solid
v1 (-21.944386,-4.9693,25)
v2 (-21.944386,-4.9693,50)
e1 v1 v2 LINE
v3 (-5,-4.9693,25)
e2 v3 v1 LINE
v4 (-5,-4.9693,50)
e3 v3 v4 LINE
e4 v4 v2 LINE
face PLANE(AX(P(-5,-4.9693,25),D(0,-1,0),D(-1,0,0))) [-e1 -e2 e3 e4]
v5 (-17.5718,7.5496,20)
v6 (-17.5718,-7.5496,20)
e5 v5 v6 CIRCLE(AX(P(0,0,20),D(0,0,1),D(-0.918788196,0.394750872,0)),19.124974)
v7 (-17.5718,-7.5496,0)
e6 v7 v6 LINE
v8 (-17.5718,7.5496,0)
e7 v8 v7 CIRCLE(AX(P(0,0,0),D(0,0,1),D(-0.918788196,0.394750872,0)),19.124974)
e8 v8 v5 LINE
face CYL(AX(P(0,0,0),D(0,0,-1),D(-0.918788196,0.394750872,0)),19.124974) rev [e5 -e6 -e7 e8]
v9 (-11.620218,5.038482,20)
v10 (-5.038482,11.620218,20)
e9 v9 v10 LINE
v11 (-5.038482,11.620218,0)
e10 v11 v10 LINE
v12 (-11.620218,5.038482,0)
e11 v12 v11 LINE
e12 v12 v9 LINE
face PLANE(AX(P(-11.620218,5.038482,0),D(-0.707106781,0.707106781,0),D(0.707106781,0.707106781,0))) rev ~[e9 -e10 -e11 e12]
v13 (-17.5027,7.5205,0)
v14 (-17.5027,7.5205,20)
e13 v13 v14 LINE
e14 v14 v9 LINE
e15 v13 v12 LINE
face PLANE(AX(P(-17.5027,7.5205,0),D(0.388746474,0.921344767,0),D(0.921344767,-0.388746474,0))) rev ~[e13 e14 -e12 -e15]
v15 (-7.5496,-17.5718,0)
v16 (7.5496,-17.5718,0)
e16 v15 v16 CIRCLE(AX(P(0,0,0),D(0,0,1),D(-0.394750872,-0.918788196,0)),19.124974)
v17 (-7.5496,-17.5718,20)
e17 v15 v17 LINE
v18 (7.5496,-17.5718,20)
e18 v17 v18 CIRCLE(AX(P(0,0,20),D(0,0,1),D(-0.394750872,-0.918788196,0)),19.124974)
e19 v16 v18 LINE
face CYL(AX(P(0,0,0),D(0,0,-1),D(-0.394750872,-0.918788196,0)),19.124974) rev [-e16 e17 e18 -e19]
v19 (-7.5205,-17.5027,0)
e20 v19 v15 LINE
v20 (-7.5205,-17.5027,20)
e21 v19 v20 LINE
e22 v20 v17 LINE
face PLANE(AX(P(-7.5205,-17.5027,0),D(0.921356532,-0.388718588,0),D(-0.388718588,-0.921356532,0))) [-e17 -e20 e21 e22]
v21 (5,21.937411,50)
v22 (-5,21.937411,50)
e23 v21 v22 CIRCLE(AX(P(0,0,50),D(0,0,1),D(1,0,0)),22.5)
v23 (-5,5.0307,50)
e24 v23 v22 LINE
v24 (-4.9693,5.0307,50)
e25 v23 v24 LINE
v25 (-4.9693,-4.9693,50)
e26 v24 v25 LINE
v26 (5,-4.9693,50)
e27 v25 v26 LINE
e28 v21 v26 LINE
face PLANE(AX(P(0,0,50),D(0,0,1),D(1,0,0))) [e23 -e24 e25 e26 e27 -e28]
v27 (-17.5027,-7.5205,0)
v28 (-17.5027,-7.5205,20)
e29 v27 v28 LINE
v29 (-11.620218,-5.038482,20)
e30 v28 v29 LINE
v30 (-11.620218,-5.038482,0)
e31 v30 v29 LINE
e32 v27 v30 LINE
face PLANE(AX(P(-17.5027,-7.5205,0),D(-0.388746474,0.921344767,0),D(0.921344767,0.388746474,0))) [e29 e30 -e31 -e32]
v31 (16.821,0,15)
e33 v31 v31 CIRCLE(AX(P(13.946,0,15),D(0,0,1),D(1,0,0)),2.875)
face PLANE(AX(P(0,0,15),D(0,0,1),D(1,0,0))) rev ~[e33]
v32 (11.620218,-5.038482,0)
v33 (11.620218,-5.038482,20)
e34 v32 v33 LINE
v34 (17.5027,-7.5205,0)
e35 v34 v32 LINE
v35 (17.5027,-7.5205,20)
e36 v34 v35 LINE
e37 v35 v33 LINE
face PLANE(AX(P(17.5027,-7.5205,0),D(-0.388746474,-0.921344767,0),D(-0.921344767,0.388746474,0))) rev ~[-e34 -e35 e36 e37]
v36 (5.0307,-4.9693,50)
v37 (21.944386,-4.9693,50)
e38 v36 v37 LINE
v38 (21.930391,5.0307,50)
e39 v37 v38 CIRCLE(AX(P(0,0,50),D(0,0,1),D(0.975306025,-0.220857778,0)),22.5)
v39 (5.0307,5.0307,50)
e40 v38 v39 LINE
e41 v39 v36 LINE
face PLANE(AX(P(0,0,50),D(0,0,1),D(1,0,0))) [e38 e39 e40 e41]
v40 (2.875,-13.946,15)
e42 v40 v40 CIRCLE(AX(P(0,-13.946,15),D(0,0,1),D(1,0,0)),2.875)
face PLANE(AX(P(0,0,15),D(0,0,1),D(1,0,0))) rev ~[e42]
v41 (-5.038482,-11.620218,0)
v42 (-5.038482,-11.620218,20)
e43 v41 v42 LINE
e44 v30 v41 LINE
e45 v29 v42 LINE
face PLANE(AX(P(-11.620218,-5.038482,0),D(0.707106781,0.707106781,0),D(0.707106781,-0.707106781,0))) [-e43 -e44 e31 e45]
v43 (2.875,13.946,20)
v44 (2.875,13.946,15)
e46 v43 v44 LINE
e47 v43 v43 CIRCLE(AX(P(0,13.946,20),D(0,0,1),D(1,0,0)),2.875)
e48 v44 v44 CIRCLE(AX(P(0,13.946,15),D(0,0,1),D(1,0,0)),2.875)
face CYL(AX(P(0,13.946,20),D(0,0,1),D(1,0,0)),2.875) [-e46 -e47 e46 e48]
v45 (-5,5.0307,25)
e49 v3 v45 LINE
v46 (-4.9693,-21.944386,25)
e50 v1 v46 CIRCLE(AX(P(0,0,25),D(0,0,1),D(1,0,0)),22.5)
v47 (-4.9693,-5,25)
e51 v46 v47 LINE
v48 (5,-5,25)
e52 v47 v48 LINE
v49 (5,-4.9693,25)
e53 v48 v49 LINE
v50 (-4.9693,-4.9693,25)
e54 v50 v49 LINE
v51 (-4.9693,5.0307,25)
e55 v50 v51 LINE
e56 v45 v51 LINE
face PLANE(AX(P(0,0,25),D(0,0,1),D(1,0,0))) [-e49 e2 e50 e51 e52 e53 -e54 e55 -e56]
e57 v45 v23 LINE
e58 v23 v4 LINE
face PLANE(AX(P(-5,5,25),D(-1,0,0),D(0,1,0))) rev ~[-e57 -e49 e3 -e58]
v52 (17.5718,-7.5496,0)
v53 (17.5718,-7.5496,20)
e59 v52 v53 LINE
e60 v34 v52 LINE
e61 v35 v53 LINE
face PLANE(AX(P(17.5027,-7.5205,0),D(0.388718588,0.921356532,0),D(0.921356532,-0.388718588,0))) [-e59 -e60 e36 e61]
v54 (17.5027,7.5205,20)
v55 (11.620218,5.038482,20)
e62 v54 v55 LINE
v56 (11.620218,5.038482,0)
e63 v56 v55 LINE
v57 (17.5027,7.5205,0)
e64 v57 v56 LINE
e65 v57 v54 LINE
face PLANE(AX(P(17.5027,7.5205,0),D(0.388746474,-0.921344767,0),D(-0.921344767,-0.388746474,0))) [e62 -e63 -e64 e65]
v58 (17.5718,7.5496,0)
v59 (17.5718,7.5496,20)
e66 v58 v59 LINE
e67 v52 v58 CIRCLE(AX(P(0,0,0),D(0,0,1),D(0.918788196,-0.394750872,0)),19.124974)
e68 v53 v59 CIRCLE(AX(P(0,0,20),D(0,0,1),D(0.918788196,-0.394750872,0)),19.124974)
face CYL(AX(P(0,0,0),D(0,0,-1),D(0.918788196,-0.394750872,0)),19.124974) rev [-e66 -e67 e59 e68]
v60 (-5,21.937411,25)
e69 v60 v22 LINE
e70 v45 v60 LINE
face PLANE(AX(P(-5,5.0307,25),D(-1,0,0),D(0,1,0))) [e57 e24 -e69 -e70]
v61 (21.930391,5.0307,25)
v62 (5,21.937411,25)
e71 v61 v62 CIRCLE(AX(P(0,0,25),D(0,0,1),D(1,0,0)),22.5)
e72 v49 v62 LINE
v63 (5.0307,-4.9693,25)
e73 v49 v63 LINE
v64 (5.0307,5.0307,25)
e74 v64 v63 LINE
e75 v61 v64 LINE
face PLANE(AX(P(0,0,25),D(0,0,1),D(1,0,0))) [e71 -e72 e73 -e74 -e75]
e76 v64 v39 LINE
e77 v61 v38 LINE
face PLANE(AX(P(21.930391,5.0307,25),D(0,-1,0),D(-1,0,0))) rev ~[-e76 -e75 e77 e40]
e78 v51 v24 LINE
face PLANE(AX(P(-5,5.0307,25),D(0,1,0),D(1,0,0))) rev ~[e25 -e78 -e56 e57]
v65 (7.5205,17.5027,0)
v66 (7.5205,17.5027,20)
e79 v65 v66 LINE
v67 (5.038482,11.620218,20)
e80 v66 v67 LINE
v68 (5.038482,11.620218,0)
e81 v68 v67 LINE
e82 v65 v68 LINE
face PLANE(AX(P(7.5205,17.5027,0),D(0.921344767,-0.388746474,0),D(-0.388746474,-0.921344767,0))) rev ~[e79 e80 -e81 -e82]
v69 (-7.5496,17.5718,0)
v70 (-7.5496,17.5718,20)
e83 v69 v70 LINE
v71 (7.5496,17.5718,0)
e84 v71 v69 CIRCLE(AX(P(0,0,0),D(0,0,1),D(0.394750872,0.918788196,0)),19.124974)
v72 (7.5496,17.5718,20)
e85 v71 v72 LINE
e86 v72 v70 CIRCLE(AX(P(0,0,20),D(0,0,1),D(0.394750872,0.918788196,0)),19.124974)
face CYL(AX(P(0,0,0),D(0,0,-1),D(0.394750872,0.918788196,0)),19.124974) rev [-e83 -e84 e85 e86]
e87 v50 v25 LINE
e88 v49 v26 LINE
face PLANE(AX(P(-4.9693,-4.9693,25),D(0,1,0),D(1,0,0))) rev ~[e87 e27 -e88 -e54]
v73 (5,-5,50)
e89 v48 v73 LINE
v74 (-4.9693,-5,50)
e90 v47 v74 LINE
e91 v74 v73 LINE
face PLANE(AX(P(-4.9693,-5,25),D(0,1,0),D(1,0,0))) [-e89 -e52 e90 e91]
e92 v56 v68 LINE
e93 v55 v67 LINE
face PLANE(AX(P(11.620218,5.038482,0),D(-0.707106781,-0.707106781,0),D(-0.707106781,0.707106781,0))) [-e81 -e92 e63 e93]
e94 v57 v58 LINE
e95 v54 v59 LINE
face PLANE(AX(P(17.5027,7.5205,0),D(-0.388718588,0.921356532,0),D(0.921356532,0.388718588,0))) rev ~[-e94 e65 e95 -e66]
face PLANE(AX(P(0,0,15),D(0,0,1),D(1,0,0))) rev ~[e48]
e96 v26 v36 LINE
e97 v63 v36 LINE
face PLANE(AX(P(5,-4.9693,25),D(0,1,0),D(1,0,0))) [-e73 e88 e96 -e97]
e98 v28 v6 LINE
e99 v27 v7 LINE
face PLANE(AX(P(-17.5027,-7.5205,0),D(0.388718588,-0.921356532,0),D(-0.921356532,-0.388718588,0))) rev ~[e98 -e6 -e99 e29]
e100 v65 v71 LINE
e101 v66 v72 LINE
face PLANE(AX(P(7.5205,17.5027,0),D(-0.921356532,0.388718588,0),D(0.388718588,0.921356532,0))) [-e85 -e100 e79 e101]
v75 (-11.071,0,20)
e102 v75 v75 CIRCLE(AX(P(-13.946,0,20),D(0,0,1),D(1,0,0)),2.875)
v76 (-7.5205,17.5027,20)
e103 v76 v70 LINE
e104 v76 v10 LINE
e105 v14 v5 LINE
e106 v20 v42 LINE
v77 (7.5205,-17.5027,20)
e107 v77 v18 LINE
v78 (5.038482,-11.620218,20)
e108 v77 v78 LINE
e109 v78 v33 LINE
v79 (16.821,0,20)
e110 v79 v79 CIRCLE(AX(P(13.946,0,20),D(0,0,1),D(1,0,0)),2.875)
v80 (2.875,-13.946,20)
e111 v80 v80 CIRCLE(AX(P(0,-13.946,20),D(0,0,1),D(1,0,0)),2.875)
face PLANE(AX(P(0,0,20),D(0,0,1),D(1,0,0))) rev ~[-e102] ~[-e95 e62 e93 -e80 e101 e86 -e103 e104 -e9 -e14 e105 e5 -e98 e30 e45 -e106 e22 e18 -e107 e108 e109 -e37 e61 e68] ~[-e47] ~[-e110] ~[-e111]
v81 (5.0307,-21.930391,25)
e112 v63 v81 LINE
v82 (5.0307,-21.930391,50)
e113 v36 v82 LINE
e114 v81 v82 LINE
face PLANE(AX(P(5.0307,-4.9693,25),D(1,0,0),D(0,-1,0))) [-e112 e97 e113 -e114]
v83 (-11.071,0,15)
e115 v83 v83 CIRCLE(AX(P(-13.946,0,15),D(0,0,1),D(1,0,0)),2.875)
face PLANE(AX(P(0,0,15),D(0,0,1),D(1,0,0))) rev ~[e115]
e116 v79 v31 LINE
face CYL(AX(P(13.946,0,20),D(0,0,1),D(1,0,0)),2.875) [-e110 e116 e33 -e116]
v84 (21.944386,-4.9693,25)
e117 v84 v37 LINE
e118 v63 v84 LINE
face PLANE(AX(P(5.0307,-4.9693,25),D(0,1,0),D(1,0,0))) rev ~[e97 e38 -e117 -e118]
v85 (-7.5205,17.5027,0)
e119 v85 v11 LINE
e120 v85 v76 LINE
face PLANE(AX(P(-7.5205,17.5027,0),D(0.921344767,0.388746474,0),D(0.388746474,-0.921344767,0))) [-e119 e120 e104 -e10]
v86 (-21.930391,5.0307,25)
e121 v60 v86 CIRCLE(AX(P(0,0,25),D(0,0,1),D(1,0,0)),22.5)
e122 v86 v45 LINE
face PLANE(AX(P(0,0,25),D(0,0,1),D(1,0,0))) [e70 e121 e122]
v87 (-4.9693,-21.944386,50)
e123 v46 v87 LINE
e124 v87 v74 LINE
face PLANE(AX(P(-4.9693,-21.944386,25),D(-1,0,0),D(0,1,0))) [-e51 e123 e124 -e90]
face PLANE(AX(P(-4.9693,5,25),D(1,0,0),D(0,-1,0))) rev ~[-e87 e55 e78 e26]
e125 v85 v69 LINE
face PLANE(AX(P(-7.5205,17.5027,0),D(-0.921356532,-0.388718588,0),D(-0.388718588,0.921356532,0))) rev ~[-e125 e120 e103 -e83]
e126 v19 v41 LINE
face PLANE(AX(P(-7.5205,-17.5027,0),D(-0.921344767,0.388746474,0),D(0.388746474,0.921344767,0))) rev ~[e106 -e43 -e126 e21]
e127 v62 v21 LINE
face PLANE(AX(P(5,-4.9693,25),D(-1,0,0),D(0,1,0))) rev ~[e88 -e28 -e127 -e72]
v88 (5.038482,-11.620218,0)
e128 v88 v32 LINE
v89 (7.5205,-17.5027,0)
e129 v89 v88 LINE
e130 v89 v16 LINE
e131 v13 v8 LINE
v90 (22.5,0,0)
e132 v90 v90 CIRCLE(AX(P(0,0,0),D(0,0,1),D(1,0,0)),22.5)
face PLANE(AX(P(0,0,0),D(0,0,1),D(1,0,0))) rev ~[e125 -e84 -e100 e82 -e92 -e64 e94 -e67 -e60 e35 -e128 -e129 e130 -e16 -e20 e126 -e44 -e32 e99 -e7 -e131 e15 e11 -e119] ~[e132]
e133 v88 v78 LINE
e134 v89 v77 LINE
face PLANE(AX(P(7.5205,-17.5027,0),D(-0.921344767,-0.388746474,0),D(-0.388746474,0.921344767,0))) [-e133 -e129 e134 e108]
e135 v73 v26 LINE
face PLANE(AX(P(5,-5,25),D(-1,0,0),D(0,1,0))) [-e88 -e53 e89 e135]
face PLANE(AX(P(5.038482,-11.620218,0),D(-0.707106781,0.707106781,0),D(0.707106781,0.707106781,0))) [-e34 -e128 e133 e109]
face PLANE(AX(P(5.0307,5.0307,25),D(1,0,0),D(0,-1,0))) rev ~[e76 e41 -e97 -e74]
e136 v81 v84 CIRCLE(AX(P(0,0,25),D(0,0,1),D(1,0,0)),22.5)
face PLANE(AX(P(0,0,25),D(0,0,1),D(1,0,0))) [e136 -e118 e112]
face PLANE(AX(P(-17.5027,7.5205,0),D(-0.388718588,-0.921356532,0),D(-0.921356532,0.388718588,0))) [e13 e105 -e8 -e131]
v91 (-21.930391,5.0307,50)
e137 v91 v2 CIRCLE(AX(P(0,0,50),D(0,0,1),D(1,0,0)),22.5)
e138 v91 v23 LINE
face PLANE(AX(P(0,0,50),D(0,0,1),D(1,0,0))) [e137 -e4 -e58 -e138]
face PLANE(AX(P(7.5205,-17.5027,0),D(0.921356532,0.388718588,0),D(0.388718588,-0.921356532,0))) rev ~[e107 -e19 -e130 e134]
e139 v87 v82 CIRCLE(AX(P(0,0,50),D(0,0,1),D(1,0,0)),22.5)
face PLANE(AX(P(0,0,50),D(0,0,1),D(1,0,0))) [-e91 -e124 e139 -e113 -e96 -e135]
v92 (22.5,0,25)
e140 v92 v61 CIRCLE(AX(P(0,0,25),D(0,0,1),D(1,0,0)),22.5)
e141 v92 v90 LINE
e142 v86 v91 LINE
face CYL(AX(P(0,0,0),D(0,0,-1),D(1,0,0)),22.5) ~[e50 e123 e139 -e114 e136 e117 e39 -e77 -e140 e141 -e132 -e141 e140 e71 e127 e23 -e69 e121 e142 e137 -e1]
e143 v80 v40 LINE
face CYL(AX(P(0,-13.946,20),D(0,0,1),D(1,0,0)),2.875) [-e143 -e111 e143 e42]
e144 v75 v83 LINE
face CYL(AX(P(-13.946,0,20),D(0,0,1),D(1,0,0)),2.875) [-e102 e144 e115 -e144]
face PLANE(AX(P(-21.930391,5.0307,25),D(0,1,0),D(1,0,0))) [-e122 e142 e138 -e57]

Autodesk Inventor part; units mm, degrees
ref_plane "YZ Plane" through (0, 0, 0) normal (1, 0, 0) x (0, 1, 0)
ref_plane "XZ Plane" through (0, 0, 0) normal (0, 1, 0) x (-1, 0, 0)
ref_plane "XY Plane" through (0, 0, 0) normal (0, 0, 1) x (1, 0, 0)
sketch "Sketch1" plane through (0, 0, 0) normal (0, 0, 1) x (1, 0, 0)
  circle A0 centre (0, 0) radius 22.5
  arc A1 (7.2901, 17.5999) -> (-7.2901, 17.5999) centre (0, 0) ccw
  line L0 (-7.2901, 17.5999) -> (-7.5205, 17.5027)
  line L1 (-4.7835, 11.5485) -> (-4.8792, 11.7795)
  line L2 (-7.5205, 17.5027) -> (-4.7835, 11.0159)
  line L3 (-11.5485, 4.7835) -> (-11.7795, 4.8792)
  line L4 (-11.7795, 4.8792) -> (-4.8792, 11.7795)
  line L5 (0, 0) -> (-3.3576, 3.3576)
  line L6 (0, 0) -> (0, 3.3576)
  line L7 (0, 0) -> (-2.7445, 0)
  line L8 (-17.5027, 7.5205) -> (-11.0159, 4.7835)
  line L9 (0, 0) -> (2.6435, 2.6435)
  line L10 (7.5205, -17.5027) -> (4.7835, -11.0159)
  line L11 (4.8792, -11.7795) -> (11.7795, -4.8792)
  line L12 (17.5027, -7.5205) -> (11.0159, -4.7835)
  line L13 (17.5027, 7.5205) -> (11.0159, 4.7835)
  line L14 (11.7795, 4.8792) -> (4.8792, 11.7795)
  line L15 (7.5205, 17.5027) -> (4.7835, 11.0159)
  line L16 (-17.5027, -7.5205) -> (-11.0159, -4.7835)
  line L17 (-11.7795, -4.8792) -> (-4.8792, -11.7795)
  line L18 (-7.5205, -17.5027) -> (-4.7835, -11.0159)
  arc A2 (-17.5027, 7.5205) -> (-17.5027, -7.5205) centre (0, 0) ccw
  arc A3 (-7.5205, -17.5027) -> (7.5205, -17.5027) centre (0, 0) ccw
  arc A4 (17.5027, -7.5205) -> (17.5027, 7.5205) centre (0, 0) ccw
  arc A5 (7.5205, 17.5027) -> (-7.5205, 17.5027) centre (0, 0) ccw
  line L19 (17.5027, 7.5205) -> (18.4489, 7.9197)
  line L20 (7.5205, 17.5027) -> (7.9197, 18.4489)
  line L21 (-17.5027, 7.5205) -> (-18.4489, 7.9197)
  line L22 (-7.5205, 17.5027) -> (-7.9197, 18.4489)
  line L23 (17.5027, -7.5205) -> (18.4489, -7.9197)
  line L24 (7.5205, -17.5027) -> (7.9197, -18.4489)
  line L25 (-7.5205, -17.5027) -> (-7.9197, -18.4489)
  line L26 (-17.5027, -7.5205) -> (-18.4489, -7.9197)
  arc A6 (7.5496, 17.5718) -> (-7.5496, 17.5718) centre (0, 0) ccw
  arc A7 (17.5718, -7.5496) -> (17.5718, 7.5496) centre (0, 0) ccw
  arc A8 (-17.5718, 7.5496) -> (-17.5718, -7.5496) centre (0, 0) ccw
  arc A9 (-7.5496, -17.5718) -> (7.5496, -17.5718) centre (0, 0) ccw
  point P0 (-5.0385, -11.6202)
  point P1 (-11.6202, -5.0385)
  point P2 (-11.6202, 5.0385)
  point P3 (-5.0385, 11.6202)
  point P4 (5.0385, 11.6202)
  point P5 (11.6202, 5.0385)
  point P6 (11.6202, -5.0385)
  point P7 (5.0385, -11.6202)
  dimension "d0" = 45
  dimension "d1" = 0.25
  dimension "d2" = 0.25
  dimension "d3" = 0.25
extrude "Extrusion1" add sketch "Sketch1" along normal blind 20
sketch "Sketch2" plane through (0, 0, 20) normal (0, 0, 1) x (1, 0, 0)
  circle A0 centre (13.946, 0) radius 2.875
  circle A1 centre (0, -13.946) radius 2.875
  circle A2 centre (-13.946, 0) radius 2.875
  circle A3 centre (0, 13.946) radius 2.875
  point P0 (0, 0)
  point P1 (0, 0)
  dimension "d7" = 5.75
  dimension "d8" = 5.75
  dimension "d9" = 5.75
  dimension "d10" = 5.75
extrude "Extrusion2" add sketch "Sketch2" against normal blind 5
sketch "Sketch3" plane through (0, 0, 20) normal (0, 0, 1) x (1, 0, 0)
  circle A0 centre (0, 0) radius 22.5
extrude "Extrusion3" add sketch "Sketch3" along normal blind 5
sketch "Sketch4" plane through (0, 0, 25) normal (0, 0, 1) x (1, 0, 0)
  line L0 (-5, -5) -> (5, -5)
  line L1 (5, -5) -> (5, 5)
  line L2 (5, 5) -> (-5, 5)
  line L3 (-5, 5) -> (-5, -5)
  line L4 (-5, -5) -> (5, 5) construction
  line L5 (5, -5) -> (-5, 5) construction
  circle A0 centre (0, 0) radius 22.5 projected
  line L6 (5, 5) -> (-3.5794, 5)
  line L7 (5, 5) -> (-5, 5)
  line L8 (-5, 5) -> (-5, 25)
  line L9 (-5, 25) -> (5, 25)
  line L10 (5, 25) -> (5, 5)
  line L11 (-4.9693, -4.9693) -> (-24.9693, -4.9693)
  line L12 (-24.9693, -4.9693) -> (-24.9693, 5.0307)
  line L13 (-24.9693, 5.0307) -> (-4.9693, 5.0307)
  line L14 (-4.9693, 5.0307) -> (-4.9693, -4.9693)
  line L15 (-4.9693, -4.9693) -> (5.0307, -4.9693)
  line L16 (5.0307, -4.9693) -> (5.0307, -24.9693)
  line L17 (5.0307, -24.9693) -> (-4.9693, -24.9693)
  line L18 (-4.9693, -24.9693) -> (-4.9693, -4.9693)
  line L19 (5.0307, -4.9693) -> (25.0307, -4.9693)
  line L20 (25.0307, -4.9693) -> (25.0307, 5.0307)
  line L21 (25.0307, 5.0307) -> (5.0307, 5.0307)
  line L22 (5.0307, 5.0307) -> (5.0307, -4.9693)
  circle A1 centre (0, 0) radius 22.5
  point P0 (-4.9693, -5)
  point P1 (-4.9693, -21.9444)
  point P2 (5.0307, -21.9304)
  point P3 (5, -4.9693)
  point P4 (-5, 5.0307)
  point P5 (-21.9304, 5.0307)
  point P6 (-21.9444, -4.9693)
  point P7 (-5, -4.9693)
  point P8 (5, 21.9374)
  point P9 (-5, 21.9374)
  point P10 (21.9444, -4.9693)
  point P11 (21.9304, 5.0307)
  dimension "d15" = 10
  dimension "d16" = 10
  dimension "d17" = 10
  dimension "d18" = 20
  dimension "d19" = 20
  dimension "d20" = 10
  dimension "d21" = 10
  dimension "d22" = 20
  dimension "d23" = 20
  dimension "d24" = 10
extrude "Extrusion4" add sketch "Sketch4" along normal blind 25 contours L0 L1 L15 L16 A0 L18 | L11 A0 L13 L8 L3 | L14 L2 L1 L15 | L14 L13 L8 A0 L10 L2 | L22 L21 A0 L19
properties part number "3xxx_Tx_Coil_Winding_MPSv2_v1.form"
